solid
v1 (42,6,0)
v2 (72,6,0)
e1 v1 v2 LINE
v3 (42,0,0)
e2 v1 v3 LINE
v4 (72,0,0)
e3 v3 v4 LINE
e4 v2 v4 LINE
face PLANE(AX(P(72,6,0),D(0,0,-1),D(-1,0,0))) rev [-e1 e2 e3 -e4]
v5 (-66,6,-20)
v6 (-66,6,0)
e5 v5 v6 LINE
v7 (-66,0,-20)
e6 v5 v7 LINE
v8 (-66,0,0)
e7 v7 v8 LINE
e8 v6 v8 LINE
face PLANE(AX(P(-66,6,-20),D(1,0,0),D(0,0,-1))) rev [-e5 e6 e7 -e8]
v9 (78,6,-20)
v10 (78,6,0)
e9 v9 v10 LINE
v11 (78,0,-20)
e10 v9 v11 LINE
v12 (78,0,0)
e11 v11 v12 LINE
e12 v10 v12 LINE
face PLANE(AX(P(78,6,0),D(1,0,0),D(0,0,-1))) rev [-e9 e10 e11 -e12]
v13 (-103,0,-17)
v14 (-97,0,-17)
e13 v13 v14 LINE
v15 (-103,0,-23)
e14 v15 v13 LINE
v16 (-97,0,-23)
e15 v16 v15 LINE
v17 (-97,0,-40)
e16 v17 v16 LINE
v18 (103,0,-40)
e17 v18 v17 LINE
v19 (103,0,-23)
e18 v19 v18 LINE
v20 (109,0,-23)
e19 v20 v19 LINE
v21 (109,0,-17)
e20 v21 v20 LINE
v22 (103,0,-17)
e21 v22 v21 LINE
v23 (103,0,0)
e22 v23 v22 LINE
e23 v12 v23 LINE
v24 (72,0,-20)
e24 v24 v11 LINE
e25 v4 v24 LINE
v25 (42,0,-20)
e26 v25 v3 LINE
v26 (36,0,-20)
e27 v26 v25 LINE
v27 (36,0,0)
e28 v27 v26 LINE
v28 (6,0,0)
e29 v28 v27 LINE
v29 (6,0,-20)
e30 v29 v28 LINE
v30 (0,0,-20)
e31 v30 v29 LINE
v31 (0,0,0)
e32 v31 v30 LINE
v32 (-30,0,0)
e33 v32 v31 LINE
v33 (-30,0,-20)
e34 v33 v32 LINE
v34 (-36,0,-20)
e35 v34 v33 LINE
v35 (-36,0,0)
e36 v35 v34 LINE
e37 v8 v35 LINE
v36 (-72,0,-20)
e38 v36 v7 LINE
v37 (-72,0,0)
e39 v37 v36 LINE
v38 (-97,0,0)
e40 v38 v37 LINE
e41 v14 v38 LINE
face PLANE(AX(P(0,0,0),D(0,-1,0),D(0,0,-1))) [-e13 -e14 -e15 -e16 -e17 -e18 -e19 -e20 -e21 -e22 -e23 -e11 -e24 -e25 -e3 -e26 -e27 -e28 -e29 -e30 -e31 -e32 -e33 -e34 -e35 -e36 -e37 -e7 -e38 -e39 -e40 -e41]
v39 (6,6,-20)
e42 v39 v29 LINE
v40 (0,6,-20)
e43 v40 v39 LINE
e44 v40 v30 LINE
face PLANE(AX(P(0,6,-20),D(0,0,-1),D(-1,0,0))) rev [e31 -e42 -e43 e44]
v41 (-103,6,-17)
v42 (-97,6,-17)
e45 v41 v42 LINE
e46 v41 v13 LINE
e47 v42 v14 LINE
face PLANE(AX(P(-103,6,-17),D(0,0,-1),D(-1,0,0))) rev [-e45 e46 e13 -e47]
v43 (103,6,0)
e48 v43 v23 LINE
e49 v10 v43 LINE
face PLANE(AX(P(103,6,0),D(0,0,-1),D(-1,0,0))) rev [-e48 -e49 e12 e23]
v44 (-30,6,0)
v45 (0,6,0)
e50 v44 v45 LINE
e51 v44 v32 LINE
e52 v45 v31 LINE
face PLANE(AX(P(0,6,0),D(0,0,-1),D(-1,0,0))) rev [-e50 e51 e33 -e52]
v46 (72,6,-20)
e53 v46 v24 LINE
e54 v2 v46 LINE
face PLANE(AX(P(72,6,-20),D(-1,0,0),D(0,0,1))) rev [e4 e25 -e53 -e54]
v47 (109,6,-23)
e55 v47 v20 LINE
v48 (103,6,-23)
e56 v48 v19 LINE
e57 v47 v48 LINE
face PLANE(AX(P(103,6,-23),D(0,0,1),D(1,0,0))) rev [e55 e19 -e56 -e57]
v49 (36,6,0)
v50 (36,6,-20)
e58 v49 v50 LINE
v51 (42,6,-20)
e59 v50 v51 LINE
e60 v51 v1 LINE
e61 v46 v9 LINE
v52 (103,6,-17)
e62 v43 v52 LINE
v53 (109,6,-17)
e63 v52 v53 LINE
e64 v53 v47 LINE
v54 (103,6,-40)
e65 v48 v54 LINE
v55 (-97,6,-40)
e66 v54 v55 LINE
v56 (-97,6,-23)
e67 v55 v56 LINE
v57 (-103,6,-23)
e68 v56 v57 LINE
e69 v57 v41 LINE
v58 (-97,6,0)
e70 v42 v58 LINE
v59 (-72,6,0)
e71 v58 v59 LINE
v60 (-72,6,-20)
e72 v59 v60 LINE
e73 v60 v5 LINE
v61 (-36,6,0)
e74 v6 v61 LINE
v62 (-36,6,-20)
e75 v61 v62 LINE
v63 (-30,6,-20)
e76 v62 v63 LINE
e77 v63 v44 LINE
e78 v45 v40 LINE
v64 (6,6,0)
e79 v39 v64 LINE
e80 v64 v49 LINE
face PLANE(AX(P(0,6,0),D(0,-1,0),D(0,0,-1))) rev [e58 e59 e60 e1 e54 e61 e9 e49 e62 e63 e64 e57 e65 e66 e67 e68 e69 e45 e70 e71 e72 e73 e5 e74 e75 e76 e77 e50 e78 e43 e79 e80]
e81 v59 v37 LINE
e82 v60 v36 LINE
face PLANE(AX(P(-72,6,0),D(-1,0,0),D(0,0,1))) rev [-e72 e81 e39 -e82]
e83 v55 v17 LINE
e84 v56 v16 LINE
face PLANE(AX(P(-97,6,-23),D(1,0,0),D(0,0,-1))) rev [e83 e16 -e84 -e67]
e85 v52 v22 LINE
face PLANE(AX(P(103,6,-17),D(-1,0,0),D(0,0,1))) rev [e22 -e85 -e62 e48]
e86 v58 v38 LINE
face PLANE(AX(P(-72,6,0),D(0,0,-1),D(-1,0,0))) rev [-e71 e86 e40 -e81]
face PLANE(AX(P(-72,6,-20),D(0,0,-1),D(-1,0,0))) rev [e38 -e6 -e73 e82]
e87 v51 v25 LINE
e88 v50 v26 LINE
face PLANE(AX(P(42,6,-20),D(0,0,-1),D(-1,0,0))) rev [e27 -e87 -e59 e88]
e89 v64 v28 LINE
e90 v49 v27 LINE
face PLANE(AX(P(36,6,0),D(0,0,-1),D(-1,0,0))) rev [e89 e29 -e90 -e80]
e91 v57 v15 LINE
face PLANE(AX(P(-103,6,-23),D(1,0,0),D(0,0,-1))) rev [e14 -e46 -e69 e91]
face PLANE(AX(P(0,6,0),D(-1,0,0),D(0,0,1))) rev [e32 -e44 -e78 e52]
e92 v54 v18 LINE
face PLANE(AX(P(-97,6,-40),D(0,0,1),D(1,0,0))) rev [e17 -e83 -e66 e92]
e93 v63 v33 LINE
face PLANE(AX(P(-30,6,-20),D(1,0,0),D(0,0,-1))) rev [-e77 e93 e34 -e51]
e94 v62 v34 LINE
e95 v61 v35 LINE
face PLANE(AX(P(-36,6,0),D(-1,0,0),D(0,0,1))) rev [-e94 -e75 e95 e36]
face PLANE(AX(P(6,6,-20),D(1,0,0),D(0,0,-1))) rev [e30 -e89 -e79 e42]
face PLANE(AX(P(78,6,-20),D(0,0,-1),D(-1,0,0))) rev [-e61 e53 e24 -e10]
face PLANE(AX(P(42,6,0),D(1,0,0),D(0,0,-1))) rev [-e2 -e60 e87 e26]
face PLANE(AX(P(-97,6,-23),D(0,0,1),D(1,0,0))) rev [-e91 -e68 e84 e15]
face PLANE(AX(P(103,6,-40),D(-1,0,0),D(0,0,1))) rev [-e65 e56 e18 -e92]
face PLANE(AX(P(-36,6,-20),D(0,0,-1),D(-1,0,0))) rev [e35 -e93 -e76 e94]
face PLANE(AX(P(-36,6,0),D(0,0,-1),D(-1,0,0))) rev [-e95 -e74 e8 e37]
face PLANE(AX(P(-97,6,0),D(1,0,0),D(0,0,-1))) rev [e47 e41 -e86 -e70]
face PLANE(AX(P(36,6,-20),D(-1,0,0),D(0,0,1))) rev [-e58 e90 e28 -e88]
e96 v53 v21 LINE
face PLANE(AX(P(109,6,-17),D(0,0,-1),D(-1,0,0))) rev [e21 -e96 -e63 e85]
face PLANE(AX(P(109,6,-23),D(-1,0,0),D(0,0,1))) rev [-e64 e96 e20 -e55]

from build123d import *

# Parameters (mm, degrees)
BOSS_EXTRUDE1_DEPTH = 6


with BuildPart() as part:
    # Sketch1 → Boss-Extrude1 (new body)
    with BuildSketch(Plane(origin=(0, 0, 0), x_dir=(1, 0, 0), z_dir=(0, 1, 0))):
        Polygon((0, 0), (-30, 0), (-30, 20), (-36, 20), (-36, 0), (-66, 0), (-66, 20), (-72, 20), (-72, 0), (-97, 0), (-97, 17), (-103, 17), (-103, 23), (-97, 23), (-97, 40), (103, 40), (103, 23), (109, 23), (109, 17), (103, 17), (103, 0), (78, 0), (78, 20), (72, 20), (72, 0), (42, 0), (42, 20), (36, 20), (36, 0), (6, 0), (6, 20), (0, 20), align=None)
    extrude(amount=BOSS_EXTRUDE1_DEPTH)


solid = part.part
